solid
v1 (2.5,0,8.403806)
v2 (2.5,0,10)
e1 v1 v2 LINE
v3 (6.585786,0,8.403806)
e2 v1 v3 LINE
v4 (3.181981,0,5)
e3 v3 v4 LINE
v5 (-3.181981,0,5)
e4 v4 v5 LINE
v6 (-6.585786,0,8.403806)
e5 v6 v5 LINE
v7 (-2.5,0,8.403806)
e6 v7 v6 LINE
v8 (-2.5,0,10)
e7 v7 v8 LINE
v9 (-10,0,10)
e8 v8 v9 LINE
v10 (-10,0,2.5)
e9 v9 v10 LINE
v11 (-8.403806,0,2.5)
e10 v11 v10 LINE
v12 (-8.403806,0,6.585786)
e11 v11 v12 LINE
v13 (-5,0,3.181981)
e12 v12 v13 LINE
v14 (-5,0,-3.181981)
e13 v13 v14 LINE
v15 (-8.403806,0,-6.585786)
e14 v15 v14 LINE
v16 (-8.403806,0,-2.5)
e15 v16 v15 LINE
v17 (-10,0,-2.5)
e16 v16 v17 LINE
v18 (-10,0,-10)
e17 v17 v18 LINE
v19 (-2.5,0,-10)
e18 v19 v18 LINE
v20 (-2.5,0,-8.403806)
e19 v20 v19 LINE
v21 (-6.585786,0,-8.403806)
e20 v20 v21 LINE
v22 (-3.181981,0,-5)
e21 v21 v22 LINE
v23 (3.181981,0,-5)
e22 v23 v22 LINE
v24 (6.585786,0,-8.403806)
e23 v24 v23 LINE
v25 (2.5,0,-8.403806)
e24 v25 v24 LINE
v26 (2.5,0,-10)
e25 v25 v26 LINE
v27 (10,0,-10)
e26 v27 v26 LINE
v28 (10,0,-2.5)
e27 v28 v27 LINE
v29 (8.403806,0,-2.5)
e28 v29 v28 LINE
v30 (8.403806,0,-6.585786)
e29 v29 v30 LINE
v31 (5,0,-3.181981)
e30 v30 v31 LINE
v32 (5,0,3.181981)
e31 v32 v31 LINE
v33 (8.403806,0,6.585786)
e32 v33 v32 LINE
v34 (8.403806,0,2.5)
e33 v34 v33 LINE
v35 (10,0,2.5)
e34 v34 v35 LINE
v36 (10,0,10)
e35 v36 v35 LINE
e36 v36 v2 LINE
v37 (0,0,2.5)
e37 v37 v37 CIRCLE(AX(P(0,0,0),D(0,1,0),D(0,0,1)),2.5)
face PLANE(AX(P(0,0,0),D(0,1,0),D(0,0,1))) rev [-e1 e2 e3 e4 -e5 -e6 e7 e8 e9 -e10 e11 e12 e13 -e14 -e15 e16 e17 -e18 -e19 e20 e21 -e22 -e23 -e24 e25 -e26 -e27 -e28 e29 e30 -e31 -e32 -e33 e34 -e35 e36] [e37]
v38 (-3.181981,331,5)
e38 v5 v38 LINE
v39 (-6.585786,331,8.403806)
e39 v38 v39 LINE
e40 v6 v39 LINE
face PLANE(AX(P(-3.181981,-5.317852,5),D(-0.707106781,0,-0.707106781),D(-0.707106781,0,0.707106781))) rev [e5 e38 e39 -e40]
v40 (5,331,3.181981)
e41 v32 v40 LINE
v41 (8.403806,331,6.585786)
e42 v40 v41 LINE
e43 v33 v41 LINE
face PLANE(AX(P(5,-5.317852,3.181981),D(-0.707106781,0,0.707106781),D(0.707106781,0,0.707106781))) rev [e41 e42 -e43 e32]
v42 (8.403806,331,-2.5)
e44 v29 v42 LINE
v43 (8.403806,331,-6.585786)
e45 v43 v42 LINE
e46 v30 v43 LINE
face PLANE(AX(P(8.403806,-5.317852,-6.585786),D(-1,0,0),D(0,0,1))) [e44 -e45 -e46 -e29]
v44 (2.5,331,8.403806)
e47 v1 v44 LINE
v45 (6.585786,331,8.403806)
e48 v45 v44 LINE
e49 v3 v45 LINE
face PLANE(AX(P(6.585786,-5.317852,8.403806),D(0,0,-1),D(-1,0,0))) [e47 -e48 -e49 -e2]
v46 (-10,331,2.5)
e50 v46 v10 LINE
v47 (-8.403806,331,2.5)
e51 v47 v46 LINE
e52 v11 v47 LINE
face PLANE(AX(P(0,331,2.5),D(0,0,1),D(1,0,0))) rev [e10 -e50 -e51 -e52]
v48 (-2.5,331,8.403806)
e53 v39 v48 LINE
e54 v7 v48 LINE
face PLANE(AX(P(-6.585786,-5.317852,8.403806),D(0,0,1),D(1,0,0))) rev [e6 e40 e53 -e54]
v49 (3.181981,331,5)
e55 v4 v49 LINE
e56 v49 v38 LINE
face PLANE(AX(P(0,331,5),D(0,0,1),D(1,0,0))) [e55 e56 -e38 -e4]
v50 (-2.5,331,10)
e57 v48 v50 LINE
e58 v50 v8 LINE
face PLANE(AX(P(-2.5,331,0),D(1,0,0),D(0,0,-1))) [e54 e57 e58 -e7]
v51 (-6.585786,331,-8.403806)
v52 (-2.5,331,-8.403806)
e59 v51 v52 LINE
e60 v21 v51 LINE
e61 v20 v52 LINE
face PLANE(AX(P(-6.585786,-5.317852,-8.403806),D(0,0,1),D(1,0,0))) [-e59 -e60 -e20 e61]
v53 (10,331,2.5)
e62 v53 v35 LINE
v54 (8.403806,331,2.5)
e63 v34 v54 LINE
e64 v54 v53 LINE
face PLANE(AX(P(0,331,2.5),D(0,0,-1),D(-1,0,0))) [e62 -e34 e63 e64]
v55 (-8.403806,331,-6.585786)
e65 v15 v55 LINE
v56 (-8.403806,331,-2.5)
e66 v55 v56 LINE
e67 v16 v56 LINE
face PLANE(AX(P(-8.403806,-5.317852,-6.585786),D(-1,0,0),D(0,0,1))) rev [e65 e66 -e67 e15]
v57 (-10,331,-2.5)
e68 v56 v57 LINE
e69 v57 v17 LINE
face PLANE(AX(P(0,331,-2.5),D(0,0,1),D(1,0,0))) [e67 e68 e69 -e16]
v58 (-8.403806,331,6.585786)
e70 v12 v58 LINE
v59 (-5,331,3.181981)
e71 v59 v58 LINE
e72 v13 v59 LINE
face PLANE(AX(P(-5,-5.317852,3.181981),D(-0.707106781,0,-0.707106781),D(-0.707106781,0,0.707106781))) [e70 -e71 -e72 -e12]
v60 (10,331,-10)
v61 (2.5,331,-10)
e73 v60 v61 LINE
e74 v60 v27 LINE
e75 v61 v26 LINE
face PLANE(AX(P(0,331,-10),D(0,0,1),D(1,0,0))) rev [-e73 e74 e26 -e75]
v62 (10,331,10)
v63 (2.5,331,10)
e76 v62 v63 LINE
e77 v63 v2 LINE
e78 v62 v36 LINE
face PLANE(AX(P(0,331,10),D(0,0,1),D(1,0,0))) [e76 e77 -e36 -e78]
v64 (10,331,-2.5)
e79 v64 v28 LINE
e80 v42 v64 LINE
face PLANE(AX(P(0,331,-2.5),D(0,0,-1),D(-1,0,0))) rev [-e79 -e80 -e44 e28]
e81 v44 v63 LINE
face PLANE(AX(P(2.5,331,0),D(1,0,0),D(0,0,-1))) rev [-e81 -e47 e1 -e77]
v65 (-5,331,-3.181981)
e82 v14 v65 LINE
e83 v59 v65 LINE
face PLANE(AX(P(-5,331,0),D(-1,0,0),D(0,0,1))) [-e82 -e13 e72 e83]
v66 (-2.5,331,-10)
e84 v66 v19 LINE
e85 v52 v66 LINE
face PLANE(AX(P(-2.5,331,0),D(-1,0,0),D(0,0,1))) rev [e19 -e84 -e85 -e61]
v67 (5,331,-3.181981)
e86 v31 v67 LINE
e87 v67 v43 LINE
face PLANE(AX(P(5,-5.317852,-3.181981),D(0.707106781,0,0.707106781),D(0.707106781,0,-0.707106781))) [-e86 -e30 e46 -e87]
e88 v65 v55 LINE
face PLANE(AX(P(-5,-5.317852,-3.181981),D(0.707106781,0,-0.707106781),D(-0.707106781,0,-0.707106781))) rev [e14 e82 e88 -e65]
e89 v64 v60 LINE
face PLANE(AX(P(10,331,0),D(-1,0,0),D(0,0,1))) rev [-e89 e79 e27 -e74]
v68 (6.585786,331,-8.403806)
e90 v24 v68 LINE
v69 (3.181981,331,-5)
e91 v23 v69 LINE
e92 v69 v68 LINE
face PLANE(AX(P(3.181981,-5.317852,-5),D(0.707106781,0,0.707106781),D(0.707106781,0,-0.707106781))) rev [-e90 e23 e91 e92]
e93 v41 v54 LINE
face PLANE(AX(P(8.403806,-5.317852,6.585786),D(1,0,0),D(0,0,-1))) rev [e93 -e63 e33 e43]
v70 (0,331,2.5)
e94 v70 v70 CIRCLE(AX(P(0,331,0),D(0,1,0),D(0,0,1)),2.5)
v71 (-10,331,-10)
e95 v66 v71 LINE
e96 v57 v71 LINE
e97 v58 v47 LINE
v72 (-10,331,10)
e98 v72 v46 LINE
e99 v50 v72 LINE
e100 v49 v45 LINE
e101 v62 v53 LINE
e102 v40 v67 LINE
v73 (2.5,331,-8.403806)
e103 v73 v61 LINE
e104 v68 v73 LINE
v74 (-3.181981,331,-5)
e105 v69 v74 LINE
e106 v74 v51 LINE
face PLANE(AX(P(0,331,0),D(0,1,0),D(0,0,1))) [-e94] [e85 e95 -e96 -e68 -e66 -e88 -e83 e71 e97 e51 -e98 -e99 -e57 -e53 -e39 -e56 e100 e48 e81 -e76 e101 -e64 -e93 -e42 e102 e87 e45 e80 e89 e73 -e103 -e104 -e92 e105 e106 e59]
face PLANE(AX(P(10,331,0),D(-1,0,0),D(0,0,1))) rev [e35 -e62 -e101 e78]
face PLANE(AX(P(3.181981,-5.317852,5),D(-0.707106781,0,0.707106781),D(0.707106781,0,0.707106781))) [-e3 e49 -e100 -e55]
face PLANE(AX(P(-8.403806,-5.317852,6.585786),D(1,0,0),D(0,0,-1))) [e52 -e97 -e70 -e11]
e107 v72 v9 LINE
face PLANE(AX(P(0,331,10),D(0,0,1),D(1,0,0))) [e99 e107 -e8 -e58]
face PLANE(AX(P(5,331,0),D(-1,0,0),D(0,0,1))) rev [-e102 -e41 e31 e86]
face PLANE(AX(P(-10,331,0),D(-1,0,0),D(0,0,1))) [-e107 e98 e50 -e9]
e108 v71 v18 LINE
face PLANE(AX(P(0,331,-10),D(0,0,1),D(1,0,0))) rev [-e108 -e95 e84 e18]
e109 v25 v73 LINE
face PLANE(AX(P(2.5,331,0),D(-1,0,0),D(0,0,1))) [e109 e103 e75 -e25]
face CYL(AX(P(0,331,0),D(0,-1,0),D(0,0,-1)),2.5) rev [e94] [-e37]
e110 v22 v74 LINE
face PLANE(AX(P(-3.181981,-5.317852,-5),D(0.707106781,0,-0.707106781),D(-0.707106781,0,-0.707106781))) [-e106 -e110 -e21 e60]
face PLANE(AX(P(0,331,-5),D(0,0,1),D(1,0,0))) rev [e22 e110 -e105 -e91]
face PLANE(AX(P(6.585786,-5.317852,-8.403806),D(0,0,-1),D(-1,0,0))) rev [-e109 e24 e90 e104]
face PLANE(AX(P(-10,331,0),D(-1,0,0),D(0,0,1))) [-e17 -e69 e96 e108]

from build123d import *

# Parameters (mm, degrees)
SKETCH1_R               = 2.5
BOSS_EXTRUDE1_DEPTH     = 331
ENL_V_MAT_EXTRU_1_DEPTH = 331


with BuildPart() as part:
    # Sketch1 → Boss-Extrude1 (new body)
    with BuildSketch(Plane(origin=(0, 0, 0), x_dir=(1, 0, 0), z_dir=(0, 1, 0))):
        Polygon((2.5, -10), (10, -10), (10, -2.5), (5, -2.5), (5, 2.5), (10, 2.5), (10, 10), (2.5, 10), (2.5, 5), (-2.5, 5), (-2.5, 10), (-10, 10), (-10, 2.5), (-5, 2.5), (-5, -2.5), (-10, -2.5), (-10, -10), (-2.5, -10), (-2.5, -5), (2.5, -5), align=None)
        with Locations(Location((0, 0, 0), (0, 0, 270))):
            Circle(SKETCH1_R, mode=Mode.SUBTRACT)
    extrude(amount=BOSS_EXTRUDE1_DEPTH)

    # Esquisse1 → Enlèv. mat.-Extru.1 (cut)
    with BuildSketch(Plane(origin=(0, 331, 0), x_dir=(1, 0, 0), z_dir=(0, 1, 0))):
        Polygon((-6.585786438, 8.403805922), (-2.5, 8.403805922), (-2.5, 5), (-3.181980515, 5), align=None)
        Polygon((-5, 3.181980515), (-8.403805922, 6.585786438), (-8.403805922, 2.5), (-5, 2.5), align=None)
        Polygon((-3.181980515, -5), (-2.5, -5), (-2.5, -8.403805922), (-6.585786438, -8.403805922), align=None)
        Polygon((-8.403805922, -2.5), (-5, -2.5), (-5, -3.181980515), (-8.403805922, -6.585786438), align=None)
        Polygon((6.585786438, -8.403805922), (2.5, -8.403805922), (2.5, -5), (3.181980515, -5), align=None)
        Polygon((5, -2.5), (5, -3.181980515), (8.403805922, -6.585786438), (8.403805922, -2.5), align=None)
        Polygon((8.403805922, 2.5), (5, 2.5), (5, 3.181980515), (8.403805922, 6.585786438), align=None)
        Polygon((3.181980515, 5), (2.5, 5), (2.5, 8.403805922), (6.585786438, 8.403805922), align=None)
    extrude(amount=-ENL_V_MAT_EXTRU_1_DEPTH, mode=Mode.SUBTRACT)


solid = part.part
